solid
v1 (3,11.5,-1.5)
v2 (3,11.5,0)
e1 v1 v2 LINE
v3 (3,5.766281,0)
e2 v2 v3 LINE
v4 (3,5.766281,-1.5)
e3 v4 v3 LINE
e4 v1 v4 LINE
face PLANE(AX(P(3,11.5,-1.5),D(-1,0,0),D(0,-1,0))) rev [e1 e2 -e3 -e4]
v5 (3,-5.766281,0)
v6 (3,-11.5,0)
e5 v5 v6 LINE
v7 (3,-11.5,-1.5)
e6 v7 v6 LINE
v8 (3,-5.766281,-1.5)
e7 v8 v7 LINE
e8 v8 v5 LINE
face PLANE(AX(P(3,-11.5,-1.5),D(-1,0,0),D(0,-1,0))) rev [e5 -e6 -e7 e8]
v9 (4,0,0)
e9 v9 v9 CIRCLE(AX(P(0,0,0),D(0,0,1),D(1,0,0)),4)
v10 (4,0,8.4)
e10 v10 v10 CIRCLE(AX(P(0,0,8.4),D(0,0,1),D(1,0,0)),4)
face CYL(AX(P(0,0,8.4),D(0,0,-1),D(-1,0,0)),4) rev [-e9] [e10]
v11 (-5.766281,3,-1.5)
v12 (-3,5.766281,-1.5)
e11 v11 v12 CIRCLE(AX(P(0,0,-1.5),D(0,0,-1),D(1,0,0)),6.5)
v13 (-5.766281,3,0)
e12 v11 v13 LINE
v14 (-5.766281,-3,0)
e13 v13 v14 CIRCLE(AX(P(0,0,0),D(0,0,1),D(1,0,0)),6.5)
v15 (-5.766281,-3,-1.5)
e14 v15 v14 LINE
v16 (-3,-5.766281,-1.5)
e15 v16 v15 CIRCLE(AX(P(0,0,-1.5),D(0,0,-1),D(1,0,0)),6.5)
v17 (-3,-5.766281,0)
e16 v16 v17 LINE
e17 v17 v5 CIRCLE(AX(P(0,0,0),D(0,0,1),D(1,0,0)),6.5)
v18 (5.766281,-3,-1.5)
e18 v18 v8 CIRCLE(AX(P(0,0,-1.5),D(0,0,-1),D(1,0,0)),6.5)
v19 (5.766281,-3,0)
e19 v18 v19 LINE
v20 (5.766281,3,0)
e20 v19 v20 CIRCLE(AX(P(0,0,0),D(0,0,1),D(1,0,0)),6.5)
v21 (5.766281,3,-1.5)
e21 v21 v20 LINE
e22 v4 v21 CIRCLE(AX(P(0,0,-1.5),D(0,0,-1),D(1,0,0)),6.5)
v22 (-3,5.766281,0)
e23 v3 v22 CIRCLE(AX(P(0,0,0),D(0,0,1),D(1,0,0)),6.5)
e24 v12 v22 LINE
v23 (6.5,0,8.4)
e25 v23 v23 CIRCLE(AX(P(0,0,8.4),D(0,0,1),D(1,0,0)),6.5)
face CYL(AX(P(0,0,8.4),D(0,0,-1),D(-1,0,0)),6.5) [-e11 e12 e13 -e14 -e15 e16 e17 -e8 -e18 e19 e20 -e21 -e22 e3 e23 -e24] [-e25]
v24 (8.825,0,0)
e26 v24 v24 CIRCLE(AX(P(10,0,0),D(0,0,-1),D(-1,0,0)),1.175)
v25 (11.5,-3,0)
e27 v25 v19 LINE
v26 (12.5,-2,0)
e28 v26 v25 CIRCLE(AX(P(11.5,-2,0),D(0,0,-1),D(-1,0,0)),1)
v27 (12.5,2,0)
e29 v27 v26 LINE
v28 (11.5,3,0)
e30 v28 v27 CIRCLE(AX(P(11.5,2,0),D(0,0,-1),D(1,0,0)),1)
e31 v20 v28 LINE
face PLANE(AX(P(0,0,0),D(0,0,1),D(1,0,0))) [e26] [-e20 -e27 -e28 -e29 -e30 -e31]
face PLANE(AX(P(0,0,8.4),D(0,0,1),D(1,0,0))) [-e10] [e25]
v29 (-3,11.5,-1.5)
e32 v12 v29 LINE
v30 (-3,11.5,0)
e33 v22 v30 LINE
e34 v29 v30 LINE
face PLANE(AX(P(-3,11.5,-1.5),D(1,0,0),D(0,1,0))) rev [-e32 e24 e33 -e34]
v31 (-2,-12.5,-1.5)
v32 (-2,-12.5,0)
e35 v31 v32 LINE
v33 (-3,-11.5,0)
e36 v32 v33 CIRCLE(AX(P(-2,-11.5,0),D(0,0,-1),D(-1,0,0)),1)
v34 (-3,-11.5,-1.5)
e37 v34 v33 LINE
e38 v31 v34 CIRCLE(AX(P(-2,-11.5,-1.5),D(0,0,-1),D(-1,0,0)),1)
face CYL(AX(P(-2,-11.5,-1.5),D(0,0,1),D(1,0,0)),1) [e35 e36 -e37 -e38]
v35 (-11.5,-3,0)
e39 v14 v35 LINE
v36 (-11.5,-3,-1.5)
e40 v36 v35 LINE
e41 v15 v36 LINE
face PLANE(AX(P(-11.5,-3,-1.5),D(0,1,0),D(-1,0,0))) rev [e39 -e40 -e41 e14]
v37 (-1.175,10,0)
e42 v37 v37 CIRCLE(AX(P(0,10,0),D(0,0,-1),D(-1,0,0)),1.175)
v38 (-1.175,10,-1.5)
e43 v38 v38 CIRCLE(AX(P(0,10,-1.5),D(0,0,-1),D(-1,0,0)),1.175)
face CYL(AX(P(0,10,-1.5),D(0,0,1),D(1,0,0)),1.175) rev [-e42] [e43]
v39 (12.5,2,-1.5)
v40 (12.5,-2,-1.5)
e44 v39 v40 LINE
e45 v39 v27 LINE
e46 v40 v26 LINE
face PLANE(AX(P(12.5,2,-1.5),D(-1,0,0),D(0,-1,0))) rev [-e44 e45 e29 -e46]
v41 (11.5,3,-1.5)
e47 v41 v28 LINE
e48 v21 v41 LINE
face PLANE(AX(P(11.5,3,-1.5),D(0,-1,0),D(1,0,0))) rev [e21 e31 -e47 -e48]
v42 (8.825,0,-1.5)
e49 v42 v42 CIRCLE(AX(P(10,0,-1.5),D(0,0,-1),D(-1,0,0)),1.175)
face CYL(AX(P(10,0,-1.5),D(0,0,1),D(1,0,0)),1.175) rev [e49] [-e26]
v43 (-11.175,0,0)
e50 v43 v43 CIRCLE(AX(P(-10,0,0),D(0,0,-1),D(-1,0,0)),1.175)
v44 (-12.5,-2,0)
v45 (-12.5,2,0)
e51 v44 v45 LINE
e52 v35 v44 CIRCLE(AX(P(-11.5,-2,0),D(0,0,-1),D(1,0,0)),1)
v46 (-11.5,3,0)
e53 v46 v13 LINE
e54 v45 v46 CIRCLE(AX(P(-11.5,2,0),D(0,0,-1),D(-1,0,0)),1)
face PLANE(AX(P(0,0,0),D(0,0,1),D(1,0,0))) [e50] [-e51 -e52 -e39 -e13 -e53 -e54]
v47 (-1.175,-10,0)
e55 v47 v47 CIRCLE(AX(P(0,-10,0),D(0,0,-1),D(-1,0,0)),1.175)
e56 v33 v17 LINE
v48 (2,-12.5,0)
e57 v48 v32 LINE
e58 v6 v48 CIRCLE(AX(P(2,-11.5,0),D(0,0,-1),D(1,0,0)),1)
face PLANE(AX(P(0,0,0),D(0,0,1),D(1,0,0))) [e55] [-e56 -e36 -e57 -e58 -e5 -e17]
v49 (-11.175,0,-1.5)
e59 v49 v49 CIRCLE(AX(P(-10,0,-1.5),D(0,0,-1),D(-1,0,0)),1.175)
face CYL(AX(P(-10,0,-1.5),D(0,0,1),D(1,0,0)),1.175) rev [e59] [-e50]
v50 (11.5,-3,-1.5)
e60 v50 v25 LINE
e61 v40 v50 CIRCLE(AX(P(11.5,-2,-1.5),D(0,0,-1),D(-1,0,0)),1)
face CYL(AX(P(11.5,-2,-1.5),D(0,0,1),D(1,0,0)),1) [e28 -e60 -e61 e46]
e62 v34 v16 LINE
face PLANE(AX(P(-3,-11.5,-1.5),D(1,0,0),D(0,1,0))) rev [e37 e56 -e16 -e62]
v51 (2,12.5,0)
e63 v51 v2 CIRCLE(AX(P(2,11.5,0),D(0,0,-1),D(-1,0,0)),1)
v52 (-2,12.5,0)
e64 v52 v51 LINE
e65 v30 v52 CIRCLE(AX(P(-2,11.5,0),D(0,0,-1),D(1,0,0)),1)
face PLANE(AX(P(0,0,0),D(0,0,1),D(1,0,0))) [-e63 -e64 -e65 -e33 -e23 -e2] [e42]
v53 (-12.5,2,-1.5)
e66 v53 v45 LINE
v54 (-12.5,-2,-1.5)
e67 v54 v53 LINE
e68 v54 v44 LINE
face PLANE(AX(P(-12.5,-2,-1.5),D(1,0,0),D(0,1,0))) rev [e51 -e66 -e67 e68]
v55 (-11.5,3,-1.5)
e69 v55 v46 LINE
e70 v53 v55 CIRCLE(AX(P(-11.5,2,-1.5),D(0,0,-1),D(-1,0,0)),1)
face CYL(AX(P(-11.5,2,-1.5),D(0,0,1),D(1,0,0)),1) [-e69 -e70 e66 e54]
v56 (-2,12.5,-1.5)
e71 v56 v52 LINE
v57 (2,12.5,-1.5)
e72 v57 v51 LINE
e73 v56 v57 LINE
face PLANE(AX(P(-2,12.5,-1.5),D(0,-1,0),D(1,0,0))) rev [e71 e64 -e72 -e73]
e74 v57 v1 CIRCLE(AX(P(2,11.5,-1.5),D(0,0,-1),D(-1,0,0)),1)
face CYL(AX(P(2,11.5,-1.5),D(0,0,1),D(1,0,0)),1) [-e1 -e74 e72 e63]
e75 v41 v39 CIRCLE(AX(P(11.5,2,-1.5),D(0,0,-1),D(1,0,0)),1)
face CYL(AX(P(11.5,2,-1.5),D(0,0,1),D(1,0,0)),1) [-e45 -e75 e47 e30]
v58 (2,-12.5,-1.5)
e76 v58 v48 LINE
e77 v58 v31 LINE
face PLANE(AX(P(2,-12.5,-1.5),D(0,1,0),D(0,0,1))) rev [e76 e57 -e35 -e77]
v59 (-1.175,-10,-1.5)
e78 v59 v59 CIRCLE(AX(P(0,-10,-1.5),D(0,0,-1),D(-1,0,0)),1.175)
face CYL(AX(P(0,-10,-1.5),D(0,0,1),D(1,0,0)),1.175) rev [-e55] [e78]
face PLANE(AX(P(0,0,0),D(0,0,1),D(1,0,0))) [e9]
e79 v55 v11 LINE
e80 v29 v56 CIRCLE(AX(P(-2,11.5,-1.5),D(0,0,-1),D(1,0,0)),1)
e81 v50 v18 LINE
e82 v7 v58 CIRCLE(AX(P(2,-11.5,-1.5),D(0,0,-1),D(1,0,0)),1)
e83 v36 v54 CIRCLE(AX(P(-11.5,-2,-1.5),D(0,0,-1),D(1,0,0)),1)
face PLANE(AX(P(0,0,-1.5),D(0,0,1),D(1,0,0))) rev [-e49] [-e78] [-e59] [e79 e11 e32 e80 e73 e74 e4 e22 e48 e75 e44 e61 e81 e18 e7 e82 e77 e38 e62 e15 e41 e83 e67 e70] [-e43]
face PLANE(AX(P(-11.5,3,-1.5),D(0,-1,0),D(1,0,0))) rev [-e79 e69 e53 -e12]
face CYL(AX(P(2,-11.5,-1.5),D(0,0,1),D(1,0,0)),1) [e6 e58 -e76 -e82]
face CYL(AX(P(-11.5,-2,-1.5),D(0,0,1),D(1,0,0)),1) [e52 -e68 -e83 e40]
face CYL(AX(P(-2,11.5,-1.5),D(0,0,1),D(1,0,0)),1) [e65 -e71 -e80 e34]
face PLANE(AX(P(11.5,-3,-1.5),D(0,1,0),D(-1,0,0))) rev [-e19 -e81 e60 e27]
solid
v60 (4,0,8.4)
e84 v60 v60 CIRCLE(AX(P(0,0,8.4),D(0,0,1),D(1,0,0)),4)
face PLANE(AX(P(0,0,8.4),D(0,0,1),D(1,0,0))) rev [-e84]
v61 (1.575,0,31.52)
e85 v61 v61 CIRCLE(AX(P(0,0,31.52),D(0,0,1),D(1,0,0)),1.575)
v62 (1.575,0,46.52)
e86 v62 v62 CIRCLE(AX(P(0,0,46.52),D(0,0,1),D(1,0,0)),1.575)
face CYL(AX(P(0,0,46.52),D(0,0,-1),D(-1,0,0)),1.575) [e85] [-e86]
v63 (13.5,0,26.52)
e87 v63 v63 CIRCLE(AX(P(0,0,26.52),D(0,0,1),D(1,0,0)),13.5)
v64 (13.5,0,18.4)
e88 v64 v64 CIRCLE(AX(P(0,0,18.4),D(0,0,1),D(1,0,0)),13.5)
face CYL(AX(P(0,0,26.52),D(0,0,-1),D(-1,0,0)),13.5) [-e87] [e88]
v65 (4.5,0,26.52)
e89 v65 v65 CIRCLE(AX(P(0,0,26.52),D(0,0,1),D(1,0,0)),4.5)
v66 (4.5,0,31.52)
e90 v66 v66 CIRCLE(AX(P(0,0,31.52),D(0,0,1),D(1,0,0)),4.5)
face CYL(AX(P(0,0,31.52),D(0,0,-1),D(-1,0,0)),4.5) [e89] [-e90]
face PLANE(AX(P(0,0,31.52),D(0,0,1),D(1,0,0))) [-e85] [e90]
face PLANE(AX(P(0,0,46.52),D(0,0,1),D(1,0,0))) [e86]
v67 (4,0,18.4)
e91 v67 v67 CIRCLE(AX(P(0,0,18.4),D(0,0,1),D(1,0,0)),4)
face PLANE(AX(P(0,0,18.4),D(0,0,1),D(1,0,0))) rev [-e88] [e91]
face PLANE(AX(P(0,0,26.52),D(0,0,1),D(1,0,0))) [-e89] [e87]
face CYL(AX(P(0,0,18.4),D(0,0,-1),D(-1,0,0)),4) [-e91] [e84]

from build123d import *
from build123d.topology import SkipClean

# Parameters (mm, degrees)
CROQUIS1_R              = 6.5
CROQUIS1_R_2            = 4
SALIENTE_EXTRUIR1_DEPTH = 8.4
CROQUIS2_R              = 4
SALIENTE_EXTRUIR2_DEPTH = 10
CROQUIS3_R              = 13.5
SALIENTE_EXTRUIR3_DEPTH = 8.12
CROQUIS4_R              = 4.5
SALIENTE_EXTRUIR4_DEPTH = 5
CROQUIS5_R              = 1.575
SALIENTE_EXTRUIR5_DEPTH = 15
SALIENTE_EXTRUIR6_START = 1.5
CROQUIS6_R              = 1.175
SALIENTE_EXTRUIR6_DEPTH = 1.5


with BuildPart() as part:
    # Croquis1 → Saliente-Extruir1 (new body)
    with BuildSketch(Plane.XY):
        Circle(CROQUIS1_R)
        Circle(CROQUIS1_R_2, mode=Mode.SUBTRACT)
    extrude(amount=SALIENTE_EXTRUIR1_DEPTH)

    # Croquis6 → Saliente-Extruir6 (add)
    with SkipClean():  # the faces are left unmerged after this step: merging them gives an invalid solid
        with BuildSketch(Plane(origin=(0, 0, 0), x_dir=(-1, 0, 0), z_dir=(0, 0, -1)).offset(SALIENTE_EXTRUIR6_START)):
            with BuildLine():
                Line((-2, -12.5), (2, -12.5))
                ThreePointArc((2, -12.5), (2.707106781, -12.207106781), (3, -11.5))
                Line((3, -11.5), (3, -5.766281297))
                ThreePointArc((3, -5.766281297), (4.596194078, -4.596194078), (5.766281297, -3))
                Line((5.766281297, -3), (11.5, -3))
                ThreePointArc((11.5, -3), (12.207106781, -2.707106781), (12.5, -2))
                Line((12.5, -2), (12.5, 2))
                ThreePointArc((12.5, 2), (12.207106781, 2.707106781), (11.5, 3))
                Line((11.5, 3), (5.766281297, 3))
                ThreePointArc((5.766281297, 3), (4.596194078, 4.596194078), (3, 5.766281297))
                Line((3, 5.766281297), (3, 11.5))
                ThreePointArc((3, 11.5), (2.707106781, 12.207106781), (2, 12.5))
                Line((2, 12.5), (-2, 12.5))
                ThreePointArc((-2, 12.5), (-2.707106781, 12.207106781), (-3, 11.5))
                Line((-3, 11.5), (-3, 5.766281297))
                ThreePointArc((-3, 5.766281297), (-4.596194078, 4.596194078), (-5.766281297, 3))
                Line((-5.766281297, 3), (-11.5, 3))
                ThreePointArc((-11.5, 3), (-12.207106781, 2.707106781), (-12.5, 2))
                Line((-12.5, 2), (-12.5, -2))
                ThreePointArc((-12.5, -2), (-12.207106781, -2.707106781), (-11.5, -3))
                Line((-11.5, -3), (-5.766281297, -3))
                ThreePointArc((-5.766281297, -3), (-4.596194078, -4.596194078), (-3, -5.766281297))
                Line((-3, -5.766281297), (-3, -11.5))
                ThreePointArc((-3, -11.5), (-2.707106781, -12.207106781), (-2, -12.5))
            make_face()
            with Locations((0, -10)):
                Circle(CROQUIS6_R, mode=Mode.SUBTRACT)
            with Locations((-10, 0)):
                Circle(CROQUIS6_R, mode=Mode.SUBTRACT)
            with Locations((0, 10)):
                Circle(CROQUIS6_R, mode=Mode.SUBTRACT)
            with Locations((10, 0)):
                Circle(CROQUIS6_R, mode=Mode.SUBTRACT)
        extrude(amount=-SALIENTE_EXTRUIR6_DEPTH)


with BuildPart() as body_2:
    # Croquis2 → Saliente-Extruir2 (new body)
    with BuildSketch(Plane.XY.offset(8.4)):
        Circle(CROQUIS2_R)
    extrude(amount=SALIENTE_EXTRUIR2_DEPTH)

    # Croquis3 → Saliente-Extruir3 (add)
    with BuildSketch(Plane.XY.offset(18.4)):
        Circle(CROQUIS3_R)
    extrude(amount=SALIENTE_EXTRUIR3_DEPTH)

    # Croquis4 → Saliente-Extruir4 (add)
    with BuildSketch(Plane.XY.offset(26.52)):
        Circle(CROQUIS4_R)
    extrude(amount=SALIENTE_EXTRUIR4_DEPTH)

    # Croquis5 → Saliente-Extruir5 (add)
    with BuildSketch(Plane.XY.offset(31.52)):
        Circle(CROQUIS5_R)
    extrude(amount=SALIENTE_EXTRUIR5_DEPTH)


solid = Compound([part.part, body_2.part])
